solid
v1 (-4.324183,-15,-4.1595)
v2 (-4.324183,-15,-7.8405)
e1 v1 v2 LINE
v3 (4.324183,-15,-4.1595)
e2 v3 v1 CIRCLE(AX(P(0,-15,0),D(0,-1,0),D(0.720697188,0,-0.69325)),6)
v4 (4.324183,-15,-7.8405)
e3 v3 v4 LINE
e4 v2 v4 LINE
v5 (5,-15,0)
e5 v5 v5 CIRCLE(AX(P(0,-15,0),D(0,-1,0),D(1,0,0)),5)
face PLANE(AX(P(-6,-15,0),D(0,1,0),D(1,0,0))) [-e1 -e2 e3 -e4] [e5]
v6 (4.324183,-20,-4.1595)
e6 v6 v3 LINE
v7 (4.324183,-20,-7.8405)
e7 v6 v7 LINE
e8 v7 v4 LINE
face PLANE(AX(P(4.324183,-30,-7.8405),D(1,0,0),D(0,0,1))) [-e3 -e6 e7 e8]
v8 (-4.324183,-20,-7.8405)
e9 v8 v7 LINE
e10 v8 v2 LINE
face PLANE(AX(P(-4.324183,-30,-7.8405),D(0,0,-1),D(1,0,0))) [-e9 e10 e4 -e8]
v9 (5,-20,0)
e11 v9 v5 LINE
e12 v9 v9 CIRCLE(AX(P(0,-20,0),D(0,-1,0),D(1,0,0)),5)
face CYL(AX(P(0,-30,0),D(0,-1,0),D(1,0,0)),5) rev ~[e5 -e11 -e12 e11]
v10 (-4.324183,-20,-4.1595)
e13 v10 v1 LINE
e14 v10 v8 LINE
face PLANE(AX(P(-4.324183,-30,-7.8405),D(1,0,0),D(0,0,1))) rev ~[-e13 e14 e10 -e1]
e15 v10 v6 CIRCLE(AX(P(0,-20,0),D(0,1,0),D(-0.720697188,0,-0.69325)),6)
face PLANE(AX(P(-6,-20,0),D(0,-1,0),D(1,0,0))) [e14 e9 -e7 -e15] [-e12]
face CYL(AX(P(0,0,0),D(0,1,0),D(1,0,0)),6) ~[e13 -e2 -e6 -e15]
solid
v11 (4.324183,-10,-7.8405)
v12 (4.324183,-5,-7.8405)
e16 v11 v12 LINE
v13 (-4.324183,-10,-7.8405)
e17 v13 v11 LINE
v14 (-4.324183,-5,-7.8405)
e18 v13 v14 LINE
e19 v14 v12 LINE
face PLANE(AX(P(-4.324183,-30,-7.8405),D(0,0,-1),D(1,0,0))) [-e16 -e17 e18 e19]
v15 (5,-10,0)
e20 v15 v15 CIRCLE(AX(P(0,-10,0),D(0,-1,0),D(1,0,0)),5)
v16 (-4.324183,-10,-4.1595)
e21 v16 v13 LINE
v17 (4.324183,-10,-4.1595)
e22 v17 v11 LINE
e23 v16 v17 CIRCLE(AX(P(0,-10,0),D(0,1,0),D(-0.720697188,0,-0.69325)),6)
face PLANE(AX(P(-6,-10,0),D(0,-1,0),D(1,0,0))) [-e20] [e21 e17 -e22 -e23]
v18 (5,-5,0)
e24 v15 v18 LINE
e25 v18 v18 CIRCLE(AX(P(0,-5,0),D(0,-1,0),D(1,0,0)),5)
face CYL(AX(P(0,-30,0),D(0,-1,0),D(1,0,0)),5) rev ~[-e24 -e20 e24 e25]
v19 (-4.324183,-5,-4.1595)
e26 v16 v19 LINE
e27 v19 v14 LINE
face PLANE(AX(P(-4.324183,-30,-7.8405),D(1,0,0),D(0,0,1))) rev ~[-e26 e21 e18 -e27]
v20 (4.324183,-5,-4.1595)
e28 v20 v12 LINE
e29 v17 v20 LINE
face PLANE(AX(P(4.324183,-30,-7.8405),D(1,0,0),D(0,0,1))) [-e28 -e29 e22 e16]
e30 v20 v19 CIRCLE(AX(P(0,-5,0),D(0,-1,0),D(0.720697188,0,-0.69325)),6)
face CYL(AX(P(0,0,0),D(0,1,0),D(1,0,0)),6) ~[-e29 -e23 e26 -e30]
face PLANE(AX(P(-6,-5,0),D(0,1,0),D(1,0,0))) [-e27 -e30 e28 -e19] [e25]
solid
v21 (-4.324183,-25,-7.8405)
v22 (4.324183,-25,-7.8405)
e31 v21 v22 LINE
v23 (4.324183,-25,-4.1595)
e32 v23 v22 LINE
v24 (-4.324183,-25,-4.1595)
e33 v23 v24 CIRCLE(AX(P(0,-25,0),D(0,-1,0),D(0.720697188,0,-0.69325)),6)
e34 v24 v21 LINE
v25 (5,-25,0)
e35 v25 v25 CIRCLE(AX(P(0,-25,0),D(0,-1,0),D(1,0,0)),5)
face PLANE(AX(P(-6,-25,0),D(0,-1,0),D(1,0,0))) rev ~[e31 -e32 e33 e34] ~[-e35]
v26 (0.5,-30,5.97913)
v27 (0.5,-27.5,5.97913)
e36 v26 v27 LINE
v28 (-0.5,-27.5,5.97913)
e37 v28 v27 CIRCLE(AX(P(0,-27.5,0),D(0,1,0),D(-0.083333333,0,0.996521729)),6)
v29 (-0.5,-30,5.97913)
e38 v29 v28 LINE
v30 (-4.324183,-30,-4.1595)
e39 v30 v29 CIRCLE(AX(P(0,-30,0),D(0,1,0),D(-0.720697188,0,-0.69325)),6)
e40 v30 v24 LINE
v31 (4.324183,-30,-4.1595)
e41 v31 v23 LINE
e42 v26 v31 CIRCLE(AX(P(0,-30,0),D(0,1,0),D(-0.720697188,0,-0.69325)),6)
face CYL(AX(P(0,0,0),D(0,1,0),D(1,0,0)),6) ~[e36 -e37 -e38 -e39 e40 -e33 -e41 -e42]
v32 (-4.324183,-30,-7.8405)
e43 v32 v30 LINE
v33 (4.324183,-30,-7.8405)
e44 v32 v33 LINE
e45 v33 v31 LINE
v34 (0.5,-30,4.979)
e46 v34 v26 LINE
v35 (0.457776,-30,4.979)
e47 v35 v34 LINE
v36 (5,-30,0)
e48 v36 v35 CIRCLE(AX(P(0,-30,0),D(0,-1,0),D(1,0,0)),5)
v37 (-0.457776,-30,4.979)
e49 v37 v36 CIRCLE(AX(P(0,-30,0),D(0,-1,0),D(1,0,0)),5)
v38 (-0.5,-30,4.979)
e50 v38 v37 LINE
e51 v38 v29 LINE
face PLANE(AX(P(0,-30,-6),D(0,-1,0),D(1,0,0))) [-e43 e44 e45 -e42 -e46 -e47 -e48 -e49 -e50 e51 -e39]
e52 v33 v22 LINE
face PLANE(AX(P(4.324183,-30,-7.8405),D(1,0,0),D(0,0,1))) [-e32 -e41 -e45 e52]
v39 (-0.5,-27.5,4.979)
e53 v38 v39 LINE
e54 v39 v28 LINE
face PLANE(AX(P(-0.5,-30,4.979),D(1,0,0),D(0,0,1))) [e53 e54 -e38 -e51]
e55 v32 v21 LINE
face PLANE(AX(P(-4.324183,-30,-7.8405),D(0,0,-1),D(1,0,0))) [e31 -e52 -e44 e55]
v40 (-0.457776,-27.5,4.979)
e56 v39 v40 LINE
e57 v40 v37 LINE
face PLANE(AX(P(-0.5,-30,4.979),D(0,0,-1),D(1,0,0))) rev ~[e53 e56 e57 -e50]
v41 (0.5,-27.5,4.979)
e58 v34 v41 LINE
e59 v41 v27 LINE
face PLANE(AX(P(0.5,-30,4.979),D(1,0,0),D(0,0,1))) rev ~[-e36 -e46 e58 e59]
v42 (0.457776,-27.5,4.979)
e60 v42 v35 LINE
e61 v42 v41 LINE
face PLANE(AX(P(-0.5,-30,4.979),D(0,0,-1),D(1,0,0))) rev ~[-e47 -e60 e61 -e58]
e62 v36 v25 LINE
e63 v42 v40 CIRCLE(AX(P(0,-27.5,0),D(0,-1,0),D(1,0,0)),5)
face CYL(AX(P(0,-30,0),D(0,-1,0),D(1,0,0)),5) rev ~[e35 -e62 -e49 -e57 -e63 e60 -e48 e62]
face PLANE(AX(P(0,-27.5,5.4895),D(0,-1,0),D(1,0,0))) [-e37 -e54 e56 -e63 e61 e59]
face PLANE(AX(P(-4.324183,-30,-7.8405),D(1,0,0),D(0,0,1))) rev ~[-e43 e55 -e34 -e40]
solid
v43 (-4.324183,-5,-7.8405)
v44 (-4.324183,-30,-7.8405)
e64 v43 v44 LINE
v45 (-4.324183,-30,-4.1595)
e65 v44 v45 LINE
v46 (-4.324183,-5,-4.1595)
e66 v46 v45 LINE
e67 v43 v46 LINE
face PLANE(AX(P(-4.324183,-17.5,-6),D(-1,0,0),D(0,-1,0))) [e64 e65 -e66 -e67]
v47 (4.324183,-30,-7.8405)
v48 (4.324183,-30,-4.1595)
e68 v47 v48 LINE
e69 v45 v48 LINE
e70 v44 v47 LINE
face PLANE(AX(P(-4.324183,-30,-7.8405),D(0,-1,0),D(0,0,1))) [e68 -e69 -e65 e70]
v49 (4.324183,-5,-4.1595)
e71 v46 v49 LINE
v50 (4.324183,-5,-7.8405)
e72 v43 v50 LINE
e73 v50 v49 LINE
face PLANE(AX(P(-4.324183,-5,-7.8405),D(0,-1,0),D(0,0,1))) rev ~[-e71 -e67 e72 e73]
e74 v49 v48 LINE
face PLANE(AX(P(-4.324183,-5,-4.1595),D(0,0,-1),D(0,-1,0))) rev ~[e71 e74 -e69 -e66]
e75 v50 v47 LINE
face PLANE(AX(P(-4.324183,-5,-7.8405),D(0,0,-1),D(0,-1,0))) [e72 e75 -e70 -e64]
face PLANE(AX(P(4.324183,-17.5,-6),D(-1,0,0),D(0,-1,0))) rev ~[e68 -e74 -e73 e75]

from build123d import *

# Parameters (mm, degrees)
F0_R          = 6
F1_DEPTH      = 30
F2_W          = 8.6483662619
F2_H          = 3.681
F3_DEPTH      = 30
F5_W          = 12
F5_H          = 5
F6_DEPTH      = 7.8405
F6_DEPTH_BACK = 25
F7_W          = 25
F7_H          = 3.681
F8_DEPTH      = 8.6483662619
F4_R          = 5
F9_DEPTH      = 25.001
F10_W         = 1
F10_H         = 1.021
F11_DEPTH     = 2.5


with BuildPart() as f1:
    # F0 (on Front) → F1 (new body)
    with BuildSketch(Plane.XZ):
        Circle(F0_R)
    extrude(amount=F1_DEPTH)

    # F2 (on face) → F3 (join, through all)
    with BuildSketch(Plane.XZ.offset(30)):
        with Locations((0, -6)):
            Rectangle(F2_W, F2_H)
    extrude(amount=-F3_DEPTH)

    # F5 (on Top) → F6 (cut, two sides)
    with BuildSketch(Plane.XY) as f6_sk:
        with Locations((0, -22.5)):
            Rectangle(F5_W, F5_H)
        with Locations((0, -2.5)):
            Rectangle(F5_W, F5_H)
        with Locations((0, -12.5)):
            Rectangle(F5_W, F5_H)
    extrude(amount=-F6_DEPTH, mode=Mode.SUBTRACT)
    extrude(f6_sk.sketch, amount=F6_DEPTH_BACK, mode=Mode.SUBTRACT)

    # F4 (on face) → F9 (cut, through all)
    with BuildSketch(Plane.XZ.offset(30)):
        Circle(F4_R)
    extrude(amount=-F9_DEPTH, mode=Mode.SUBTRACT)

    # F10 (on face) → F11 (cut, through all)
    with BuildSketch(Plane.XZ.offset(30)):
        with Locations((0, 5.4895)):
            Rectangle(F10_W, F10_H)
    extrude(amount=-F11_DEPTH, mode=Mode.SUBTRACT)


with BuildPart() as f8:
    # F7 (on face) → F8 (new body, through all)
    with BuildSketch(Plane(origin=(-4.324183131, 0, 0), x_dir=(0, -1, 0), z_dir=(-1, 0, 0))):
        with Locations((17.5, -6)):
            Rectangle(F7_W, F7_H)
    extrude(amount=-F8_DEPTH)


solid = Compound([f1.part, f8.part])
